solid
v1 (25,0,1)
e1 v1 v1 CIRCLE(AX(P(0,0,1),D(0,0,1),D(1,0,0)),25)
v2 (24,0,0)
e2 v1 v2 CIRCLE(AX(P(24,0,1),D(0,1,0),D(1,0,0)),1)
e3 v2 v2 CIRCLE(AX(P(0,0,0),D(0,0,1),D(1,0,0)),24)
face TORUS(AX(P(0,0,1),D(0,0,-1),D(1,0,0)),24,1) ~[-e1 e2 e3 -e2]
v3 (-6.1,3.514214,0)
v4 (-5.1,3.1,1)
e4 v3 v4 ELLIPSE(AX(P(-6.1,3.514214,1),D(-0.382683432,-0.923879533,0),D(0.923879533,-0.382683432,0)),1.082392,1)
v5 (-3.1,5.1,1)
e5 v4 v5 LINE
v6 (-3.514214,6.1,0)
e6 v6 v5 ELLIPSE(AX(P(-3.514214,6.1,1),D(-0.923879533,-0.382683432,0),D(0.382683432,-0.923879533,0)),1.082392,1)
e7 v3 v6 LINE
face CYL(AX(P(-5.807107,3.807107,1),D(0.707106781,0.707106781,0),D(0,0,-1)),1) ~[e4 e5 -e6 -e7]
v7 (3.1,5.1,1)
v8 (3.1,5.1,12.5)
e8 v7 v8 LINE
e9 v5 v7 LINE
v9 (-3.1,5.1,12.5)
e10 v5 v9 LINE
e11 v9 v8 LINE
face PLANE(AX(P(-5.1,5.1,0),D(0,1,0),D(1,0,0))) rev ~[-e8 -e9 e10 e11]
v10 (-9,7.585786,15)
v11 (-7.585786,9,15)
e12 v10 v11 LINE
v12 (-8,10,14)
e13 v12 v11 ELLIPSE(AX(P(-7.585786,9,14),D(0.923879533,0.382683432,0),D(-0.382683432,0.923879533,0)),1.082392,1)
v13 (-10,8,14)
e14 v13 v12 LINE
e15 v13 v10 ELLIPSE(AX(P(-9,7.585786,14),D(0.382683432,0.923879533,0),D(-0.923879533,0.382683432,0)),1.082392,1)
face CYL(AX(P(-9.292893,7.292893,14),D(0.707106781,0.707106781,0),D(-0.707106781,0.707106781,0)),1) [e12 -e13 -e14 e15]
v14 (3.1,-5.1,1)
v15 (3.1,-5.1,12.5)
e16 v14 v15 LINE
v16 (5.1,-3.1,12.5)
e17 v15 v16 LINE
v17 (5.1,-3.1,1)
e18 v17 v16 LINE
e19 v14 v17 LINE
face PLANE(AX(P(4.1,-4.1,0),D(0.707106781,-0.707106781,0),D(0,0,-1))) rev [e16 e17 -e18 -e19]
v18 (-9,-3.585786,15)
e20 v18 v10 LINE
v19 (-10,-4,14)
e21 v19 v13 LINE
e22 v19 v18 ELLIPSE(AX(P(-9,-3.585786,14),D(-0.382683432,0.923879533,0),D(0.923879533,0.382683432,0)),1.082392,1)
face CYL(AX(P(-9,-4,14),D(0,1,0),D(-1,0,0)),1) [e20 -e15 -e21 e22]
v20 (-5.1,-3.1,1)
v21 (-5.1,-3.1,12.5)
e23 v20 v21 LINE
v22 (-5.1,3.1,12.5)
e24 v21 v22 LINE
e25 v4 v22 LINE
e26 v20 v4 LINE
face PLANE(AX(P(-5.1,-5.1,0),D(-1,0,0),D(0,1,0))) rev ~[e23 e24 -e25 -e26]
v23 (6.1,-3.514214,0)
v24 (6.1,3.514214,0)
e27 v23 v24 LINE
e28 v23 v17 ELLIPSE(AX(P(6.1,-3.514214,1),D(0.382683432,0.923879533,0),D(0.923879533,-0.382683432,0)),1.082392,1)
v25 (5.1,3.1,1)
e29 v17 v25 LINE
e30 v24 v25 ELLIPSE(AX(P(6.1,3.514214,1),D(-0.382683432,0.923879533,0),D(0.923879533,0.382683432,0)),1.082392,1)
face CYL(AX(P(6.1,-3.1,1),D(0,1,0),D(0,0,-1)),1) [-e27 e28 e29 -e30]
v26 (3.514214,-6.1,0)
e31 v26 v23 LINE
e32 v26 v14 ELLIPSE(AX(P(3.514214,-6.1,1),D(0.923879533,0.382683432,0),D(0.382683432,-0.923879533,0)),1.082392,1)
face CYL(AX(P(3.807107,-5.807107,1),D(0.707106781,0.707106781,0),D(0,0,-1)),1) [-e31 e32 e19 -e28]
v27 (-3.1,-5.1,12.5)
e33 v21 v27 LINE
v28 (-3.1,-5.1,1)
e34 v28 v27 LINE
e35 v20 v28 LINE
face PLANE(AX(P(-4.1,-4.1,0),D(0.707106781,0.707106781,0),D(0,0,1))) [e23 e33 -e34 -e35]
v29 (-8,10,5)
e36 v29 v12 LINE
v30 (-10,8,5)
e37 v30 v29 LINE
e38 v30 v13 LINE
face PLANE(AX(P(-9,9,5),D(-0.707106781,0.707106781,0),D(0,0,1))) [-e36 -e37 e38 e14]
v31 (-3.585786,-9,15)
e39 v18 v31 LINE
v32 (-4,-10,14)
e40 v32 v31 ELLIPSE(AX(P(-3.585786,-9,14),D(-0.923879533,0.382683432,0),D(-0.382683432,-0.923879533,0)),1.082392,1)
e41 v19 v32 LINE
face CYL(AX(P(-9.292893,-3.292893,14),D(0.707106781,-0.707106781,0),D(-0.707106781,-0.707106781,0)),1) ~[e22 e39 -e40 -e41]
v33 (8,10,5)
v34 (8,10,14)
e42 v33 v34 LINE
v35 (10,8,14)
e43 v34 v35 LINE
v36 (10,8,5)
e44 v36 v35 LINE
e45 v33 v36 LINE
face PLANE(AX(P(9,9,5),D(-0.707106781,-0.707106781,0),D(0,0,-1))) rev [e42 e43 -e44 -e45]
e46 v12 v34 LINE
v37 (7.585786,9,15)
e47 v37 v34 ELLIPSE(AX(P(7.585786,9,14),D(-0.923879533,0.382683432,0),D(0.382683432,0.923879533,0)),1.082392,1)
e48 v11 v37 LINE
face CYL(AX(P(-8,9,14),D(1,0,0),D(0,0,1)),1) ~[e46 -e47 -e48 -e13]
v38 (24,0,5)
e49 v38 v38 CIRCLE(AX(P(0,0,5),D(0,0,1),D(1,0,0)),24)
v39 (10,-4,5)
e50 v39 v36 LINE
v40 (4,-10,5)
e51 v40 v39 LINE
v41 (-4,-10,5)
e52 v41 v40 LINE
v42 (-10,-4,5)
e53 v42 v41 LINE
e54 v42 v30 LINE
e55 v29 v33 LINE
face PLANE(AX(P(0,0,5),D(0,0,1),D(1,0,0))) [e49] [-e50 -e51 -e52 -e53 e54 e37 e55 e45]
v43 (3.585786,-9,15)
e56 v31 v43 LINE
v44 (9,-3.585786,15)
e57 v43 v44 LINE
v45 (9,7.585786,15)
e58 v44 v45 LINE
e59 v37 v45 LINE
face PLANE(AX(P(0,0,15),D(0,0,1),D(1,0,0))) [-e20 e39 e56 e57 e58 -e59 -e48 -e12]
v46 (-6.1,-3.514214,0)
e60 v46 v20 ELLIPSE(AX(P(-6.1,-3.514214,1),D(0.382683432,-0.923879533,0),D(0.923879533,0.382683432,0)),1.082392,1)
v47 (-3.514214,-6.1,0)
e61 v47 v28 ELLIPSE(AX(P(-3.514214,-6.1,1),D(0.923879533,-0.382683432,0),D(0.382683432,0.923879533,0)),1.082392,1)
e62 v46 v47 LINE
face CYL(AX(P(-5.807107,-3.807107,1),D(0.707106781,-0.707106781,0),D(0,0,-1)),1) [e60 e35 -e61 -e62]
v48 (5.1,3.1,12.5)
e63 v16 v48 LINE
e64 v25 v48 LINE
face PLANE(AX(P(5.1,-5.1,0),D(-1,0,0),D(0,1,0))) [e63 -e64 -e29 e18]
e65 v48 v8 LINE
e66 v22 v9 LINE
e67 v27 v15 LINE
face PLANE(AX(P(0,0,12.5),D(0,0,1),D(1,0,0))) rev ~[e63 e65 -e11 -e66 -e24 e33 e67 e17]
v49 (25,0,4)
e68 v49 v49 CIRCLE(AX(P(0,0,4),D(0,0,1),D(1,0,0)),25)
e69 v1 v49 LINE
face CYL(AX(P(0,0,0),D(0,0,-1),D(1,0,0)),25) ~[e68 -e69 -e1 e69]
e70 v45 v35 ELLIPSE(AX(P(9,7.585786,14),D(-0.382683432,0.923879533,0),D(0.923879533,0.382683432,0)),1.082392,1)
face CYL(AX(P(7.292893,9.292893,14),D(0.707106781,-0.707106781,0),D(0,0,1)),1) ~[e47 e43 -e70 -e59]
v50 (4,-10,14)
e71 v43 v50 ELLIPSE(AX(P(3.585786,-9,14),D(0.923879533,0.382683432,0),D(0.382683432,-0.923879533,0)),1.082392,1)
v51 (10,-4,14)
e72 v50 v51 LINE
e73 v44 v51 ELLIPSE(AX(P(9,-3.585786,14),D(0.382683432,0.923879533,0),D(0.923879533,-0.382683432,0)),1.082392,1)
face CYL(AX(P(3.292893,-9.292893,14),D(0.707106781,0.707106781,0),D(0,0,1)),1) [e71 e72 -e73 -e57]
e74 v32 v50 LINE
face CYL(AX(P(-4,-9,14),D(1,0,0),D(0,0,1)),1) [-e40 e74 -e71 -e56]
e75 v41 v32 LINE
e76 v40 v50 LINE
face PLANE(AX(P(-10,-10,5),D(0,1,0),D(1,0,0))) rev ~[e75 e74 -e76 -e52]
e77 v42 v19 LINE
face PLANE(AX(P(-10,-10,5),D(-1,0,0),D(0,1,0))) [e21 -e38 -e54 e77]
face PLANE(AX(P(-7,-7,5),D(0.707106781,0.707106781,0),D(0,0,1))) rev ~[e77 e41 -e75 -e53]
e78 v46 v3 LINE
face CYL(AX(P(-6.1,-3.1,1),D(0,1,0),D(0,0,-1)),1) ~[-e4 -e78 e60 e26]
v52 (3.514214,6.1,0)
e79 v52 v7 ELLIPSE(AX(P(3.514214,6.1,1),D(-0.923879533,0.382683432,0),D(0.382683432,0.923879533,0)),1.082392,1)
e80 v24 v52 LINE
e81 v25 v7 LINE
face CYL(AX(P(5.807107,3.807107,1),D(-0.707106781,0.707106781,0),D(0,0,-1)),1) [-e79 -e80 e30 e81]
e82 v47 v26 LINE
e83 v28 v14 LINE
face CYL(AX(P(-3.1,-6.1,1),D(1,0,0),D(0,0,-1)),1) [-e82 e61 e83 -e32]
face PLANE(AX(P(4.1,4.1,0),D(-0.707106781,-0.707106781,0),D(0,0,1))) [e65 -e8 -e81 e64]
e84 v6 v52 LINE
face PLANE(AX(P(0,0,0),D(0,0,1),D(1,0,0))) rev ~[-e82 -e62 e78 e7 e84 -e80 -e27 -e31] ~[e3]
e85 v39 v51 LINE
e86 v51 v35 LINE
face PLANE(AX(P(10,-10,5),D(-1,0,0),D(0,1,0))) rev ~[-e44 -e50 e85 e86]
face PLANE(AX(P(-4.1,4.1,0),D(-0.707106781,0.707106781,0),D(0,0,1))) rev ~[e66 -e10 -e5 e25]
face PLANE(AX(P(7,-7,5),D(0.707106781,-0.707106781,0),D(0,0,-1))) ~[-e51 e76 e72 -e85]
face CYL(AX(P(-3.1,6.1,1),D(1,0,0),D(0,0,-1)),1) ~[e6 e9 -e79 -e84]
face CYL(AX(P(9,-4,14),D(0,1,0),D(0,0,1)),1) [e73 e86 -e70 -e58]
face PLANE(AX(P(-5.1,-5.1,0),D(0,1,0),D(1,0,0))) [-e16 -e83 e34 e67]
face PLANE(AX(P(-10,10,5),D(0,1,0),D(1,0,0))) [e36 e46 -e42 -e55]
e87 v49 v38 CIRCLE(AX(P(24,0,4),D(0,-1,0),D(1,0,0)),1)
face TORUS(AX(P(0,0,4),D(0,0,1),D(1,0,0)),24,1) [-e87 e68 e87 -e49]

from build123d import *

# Parameters (mm, degrees)
BOX001_W        = 10.2
BOX001_H        = 10.2
BOX001_DEPTH    = 12.5
CHAMFER002_SIZE = 2
BOX_W           = 20
BOX_H           = 20
BOX_DEPTH       = 10
CHAMFER_SIZE    = 6
CHAMFER001_SIZE = 2
FILLET001_R     = 1
CYLINDER_R      = 25
CYLINDER_DEPTH  = 5
FILLET_R        = 1
FILLET002_R     = 1


with BuildPart() as chamfered_hole:
    # Box001 → Box001 (new body)
    with BuildSketch(Plane(origin=(-5.1, -5.1, 0), x_dir=(1, 0, 0), z_dir=(0, 0, 1))):
        with Locations((5.1, 5.1)):
            Rectangle(BOX001_W, BOX001_H)
    extrude(amount=BOX001_DEPTH)

    # Chamfer002
    chamfer002_edges = [chamfered_hole.edges().sort_by_distance(p)[0] for p in [
        (-5.1, -5.1, 6.25),
        (-5.1, 5.1, 6.25),
        (5.1, -5.1, 6.25),
        (5.1, 5.1, 6.25),
    ]]
    chamfer(chamfer002_edges, length=CHAMFER002_SIZE)


with BuildPart() as fillet001:
    # Box → Box (new body)
    with BuildSketch(Plane(origin=(-10, -10, 5), x_dir=(1, 0, 0), z_dir=(0, 0, 1))):
        with Locations((10, 10)):
            Rectangle(BOX_W, BOX_H)
    extrude(amount=BOX_DEPTH)

    # Chamfer
    chamfer_edges = [fillet001.edges().sort_by_distance(p)[0] for p in [
        (-10, -10, 10),
        (10, -10, 10),
    ]]
    chamfer(chamfer_edges, length=CHAMFER_SIZE)

    # Chamfer001
    chamfer001_edges = [fillet001.edges().sort_by_distance(p)[0] for p in [
        (-10, 10, 10),
        (10, 10, 10),
    ]]
    chamfer(chamfer001_edges, length=CHAMFER001_SIZE)

    # Fillet001
    fillet001_edges = [fillet001.edges().sort_by_distance(p)[0] for p in [
        (-10, 2, 15),
        (-9, 9, 15),
        (-7, -7, 15),
        (0, 10, 15),
        (0, -10, 15),
        (9, 9, 15),
        (7, -7, 15),
        (10, 2, 15),
    ]]
    fillet(fillet001_edges, radius=FILLET001_R)


with BuildPart() as print2_side_with_support:
    # Cylinder → Cylinder (new body)
    with BuildSketch(Plane.XY):
        Circle(CYLINDER_R)
    extrude(amount=CYLINDER_DEPTH)

    # Fillet
    fillet_edges = [print2_side_with_support.edges().sort_by_distance(p)[0] for p in [
        (-25, 0, 5),
        (-25, 0, 0),
    ]]
    fillet(fillet_edges, radius=FILLET_R)

    # Fusion: union Fillet001
    add(fillet001.part)

    # Cut: cut Chamfered hole
    add(chamfered_hole.part, mode=Mode.SUBTRACT)

    # Fillet002
    fillet002_edges = [print2_side_with_support.edges().sort_by_distance(p)[0] for p in [
        (0, -5.1, 0),
        (4.1, -4.1, 0),
        (5.1, 0, 0),
        (4.1, 4.1, 0),
        (0, 5.1, 0),
        (-4.1, 4.1, 0),
        (-5.1, 0, 0),
        (-4.1, -4.1, 0),
    ]]
    fillet(fillet002_edges, radius=FILLET002_R)


solid = print2_side_with_support.part
